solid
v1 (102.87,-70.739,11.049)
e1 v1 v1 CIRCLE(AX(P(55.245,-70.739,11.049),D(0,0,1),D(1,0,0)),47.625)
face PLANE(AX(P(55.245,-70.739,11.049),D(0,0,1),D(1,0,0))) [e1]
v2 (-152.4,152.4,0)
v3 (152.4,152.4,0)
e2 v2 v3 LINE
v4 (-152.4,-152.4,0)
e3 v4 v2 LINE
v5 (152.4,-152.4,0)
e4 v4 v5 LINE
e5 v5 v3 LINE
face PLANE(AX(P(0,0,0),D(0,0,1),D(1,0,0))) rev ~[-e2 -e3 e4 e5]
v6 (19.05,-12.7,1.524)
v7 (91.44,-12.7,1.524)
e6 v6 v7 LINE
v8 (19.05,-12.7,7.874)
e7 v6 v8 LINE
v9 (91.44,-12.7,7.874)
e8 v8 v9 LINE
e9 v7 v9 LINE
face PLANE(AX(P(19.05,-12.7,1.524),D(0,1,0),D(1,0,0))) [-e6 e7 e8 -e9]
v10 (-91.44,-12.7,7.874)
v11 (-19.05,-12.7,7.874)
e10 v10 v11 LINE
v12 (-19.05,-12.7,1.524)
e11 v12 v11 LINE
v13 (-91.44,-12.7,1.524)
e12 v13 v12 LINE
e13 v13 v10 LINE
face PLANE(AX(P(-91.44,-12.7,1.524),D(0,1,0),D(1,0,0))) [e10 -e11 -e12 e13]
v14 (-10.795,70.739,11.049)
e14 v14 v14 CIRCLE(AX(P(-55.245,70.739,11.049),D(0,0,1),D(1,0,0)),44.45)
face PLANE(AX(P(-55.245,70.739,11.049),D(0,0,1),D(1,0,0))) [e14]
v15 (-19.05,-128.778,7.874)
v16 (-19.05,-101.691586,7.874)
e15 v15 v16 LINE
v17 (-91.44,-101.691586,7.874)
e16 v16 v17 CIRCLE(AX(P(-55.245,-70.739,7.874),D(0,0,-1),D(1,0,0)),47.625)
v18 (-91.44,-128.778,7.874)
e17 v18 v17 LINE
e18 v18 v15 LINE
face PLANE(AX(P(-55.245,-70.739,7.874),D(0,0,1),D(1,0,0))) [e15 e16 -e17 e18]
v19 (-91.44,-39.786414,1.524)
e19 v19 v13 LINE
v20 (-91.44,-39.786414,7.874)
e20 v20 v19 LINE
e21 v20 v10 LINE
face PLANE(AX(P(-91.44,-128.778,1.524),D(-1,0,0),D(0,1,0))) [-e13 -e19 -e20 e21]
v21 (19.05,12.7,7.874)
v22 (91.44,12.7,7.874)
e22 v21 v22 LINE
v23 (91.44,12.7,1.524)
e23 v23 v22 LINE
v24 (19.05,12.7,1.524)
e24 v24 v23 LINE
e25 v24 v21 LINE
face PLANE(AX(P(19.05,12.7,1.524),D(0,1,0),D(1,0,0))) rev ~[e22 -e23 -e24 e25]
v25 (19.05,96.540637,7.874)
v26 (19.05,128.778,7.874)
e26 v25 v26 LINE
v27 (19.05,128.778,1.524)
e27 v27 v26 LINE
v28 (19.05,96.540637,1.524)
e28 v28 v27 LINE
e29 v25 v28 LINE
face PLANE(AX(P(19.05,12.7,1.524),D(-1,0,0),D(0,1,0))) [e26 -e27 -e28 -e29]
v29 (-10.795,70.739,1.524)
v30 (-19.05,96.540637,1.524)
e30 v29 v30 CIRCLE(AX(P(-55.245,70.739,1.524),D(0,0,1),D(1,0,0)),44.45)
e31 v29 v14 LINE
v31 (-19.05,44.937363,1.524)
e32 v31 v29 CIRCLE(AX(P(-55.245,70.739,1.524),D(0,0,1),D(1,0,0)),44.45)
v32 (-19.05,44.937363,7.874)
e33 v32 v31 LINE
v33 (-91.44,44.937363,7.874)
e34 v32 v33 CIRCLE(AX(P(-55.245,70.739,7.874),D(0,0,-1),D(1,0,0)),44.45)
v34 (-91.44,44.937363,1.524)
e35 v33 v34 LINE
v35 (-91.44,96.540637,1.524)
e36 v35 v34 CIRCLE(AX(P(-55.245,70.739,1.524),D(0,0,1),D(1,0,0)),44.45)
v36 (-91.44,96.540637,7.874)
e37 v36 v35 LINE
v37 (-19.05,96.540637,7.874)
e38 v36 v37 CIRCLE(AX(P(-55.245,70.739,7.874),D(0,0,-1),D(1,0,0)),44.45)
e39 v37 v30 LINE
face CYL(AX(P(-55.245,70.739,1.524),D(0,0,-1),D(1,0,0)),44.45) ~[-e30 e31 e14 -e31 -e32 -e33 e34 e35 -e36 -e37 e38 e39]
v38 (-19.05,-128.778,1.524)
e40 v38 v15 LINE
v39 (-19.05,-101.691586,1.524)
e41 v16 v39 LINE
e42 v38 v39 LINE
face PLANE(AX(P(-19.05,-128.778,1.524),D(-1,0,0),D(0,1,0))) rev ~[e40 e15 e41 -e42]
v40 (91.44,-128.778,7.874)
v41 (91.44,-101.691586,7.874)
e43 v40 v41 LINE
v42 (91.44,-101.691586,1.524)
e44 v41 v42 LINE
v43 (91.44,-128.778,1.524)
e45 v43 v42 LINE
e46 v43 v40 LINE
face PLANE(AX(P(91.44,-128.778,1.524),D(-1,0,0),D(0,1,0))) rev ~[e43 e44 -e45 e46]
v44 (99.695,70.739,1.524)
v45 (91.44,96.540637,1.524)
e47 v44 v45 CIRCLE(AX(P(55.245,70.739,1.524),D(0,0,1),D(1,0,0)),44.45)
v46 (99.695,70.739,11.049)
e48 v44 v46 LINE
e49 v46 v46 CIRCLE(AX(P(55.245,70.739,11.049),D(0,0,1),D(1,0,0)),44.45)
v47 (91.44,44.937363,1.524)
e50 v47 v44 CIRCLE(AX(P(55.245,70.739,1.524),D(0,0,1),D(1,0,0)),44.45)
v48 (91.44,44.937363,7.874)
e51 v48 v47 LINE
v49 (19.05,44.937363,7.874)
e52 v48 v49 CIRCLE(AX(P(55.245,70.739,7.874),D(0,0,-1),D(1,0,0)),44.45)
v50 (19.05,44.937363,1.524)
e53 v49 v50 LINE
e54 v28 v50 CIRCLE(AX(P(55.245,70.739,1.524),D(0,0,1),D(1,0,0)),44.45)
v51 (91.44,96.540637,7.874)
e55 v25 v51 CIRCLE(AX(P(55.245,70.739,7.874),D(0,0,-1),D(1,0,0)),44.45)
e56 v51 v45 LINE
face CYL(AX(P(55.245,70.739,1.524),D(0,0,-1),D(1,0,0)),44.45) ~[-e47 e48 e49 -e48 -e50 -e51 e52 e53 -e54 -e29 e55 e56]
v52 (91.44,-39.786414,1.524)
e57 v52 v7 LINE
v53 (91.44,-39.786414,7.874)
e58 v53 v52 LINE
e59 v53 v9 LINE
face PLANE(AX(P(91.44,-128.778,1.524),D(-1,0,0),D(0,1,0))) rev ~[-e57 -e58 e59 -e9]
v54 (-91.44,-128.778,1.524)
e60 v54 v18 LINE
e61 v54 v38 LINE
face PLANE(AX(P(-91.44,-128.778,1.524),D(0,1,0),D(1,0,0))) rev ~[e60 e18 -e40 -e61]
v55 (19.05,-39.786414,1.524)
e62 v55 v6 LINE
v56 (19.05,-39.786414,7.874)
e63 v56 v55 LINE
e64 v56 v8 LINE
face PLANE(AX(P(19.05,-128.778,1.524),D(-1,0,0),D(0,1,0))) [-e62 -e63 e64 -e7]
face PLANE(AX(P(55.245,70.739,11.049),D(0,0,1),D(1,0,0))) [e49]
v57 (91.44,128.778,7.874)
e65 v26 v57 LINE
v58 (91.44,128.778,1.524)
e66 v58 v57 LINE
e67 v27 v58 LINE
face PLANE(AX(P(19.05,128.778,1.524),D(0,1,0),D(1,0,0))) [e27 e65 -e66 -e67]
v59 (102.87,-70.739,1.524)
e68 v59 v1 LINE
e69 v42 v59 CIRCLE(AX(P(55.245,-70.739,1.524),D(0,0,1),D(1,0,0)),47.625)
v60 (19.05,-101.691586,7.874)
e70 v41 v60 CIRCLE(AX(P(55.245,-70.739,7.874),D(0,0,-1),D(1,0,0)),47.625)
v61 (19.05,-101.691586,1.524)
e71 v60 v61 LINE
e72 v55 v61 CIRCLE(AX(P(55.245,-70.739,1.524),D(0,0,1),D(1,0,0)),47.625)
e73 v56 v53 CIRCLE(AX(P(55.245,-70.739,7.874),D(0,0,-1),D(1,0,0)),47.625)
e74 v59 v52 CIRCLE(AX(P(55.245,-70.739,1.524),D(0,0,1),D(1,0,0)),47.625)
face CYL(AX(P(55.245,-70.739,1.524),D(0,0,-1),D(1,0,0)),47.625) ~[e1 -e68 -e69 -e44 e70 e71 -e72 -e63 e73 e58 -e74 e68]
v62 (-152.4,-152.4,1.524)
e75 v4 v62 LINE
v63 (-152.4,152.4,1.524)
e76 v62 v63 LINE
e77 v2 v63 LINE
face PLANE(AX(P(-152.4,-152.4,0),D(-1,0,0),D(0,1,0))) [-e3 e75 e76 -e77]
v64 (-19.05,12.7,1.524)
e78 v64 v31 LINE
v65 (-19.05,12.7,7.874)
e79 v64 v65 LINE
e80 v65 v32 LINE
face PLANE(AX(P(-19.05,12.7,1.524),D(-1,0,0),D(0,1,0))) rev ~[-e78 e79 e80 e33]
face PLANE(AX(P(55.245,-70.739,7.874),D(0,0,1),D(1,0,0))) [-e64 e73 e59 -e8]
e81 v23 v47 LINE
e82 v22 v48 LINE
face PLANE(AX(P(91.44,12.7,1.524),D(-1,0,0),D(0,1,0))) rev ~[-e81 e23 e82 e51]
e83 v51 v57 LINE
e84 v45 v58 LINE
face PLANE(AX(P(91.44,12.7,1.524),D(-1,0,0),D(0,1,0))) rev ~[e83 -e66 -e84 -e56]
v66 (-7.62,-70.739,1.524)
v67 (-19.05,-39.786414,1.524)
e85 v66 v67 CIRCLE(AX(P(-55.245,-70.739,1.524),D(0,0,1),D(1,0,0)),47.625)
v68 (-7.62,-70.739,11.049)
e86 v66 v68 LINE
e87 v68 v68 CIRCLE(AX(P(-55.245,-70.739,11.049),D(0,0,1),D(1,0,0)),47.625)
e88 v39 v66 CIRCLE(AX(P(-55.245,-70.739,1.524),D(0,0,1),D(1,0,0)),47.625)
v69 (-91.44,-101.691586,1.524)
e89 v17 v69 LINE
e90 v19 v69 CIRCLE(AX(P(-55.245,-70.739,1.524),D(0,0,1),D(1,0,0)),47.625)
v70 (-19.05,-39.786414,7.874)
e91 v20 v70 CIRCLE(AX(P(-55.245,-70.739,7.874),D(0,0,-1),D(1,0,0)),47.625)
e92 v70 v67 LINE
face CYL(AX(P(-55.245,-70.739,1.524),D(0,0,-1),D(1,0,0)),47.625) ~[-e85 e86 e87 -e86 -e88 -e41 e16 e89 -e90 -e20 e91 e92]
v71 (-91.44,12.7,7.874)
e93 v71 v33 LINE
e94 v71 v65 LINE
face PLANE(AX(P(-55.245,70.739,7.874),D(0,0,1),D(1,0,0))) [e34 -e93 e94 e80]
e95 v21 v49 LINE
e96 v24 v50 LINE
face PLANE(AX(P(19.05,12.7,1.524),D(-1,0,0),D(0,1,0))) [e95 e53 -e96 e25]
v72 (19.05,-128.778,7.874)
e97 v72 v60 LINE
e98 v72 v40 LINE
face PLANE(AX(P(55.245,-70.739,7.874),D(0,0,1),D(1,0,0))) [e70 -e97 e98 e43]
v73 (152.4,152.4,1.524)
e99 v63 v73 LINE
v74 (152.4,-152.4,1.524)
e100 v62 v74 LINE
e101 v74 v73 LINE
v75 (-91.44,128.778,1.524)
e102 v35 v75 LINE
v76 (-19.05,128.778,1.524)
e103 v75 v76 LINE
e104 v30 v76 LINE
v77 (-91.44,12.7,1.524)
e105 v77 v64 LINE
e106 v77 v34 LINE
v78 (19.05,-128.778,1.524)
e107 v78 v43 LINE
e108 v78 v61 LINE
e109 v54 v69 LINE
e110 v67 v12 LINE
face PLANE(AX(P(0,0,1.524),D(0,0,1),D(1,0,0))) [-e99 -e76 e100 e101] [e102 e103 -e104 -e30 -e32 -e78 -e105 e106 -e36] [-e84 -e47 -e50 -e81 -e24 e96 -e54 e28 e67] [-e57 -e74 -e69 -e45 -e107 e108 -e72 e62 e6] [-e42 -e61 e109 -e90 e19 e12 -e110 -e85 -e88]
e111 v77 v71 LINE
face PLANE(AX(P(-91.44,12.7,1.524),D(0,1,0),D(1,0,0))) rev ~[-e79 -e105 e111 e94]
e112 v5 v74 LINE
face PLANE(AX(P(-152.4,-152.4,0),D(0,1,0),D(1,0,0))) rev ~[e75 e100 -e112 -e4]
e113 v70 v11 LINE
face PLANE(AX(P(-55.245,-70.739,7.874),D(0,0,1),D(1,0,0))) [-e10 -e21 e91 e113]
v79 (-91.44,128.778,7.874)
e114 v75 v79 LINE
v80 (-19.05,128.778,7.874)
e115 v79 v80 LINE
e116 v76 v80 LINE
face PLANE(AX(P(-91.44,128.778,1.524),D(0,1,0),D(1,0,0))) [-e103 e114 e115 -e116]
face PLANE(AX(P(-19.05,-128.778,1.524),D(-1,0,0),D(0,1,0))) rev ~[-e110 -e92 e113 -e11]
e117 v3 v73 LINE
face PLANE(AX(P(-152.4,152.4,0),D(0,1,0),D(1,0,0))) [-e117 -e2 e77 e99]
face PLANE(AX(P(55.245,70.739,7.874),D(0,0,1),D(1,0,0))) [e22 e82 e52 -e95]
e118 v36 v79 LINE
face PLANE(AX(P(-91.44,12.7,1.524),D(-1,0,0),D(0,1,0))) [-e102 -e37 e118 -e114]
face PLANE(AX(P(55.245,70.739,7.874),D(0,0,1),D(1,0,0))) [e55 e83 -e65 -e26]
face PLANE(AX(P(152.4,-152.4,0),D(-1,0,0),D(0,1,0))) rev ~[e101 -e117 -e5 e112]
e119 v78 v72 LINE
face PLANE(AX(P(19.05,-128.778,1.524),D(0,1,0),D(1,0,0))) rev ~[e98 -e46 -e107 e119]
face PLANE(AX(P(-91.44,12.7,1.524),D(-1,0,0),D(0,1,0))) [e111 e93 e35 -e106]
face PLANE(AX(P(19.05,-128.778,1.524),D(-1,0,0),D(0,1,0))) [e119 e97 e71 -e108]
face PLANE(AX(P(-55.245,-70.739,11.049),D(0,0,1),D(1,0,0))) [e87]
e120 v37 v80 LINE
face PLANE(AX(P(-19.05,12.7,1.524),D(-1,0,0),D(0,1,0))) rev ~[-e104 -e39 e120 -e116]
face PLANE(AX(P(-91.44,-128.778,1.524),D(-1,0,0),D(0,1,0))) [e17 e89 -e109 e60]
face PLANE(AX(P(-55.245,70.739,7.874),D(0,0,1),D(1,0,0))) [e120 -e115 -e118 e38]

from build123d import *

# Parameters (mm, degrees)
F0_W     = 304.8
F0_H     = 304.8
F1_DEPTH = 1.524
F2_W     = 72.39
F2_H     = 116.078
F3_DEPTH = 6.35
F4_R     = 44.45
F4_R_2   = 47.625
F5_DEPTH = 9.525


with BuildPart() as f1:
    # F0 (on Top) → F1 (new body)
    with BuildSketch(Plane.XY):
        Rectangle(F0_W, F0_H)
    extrude(amount=F1_DEPTH)

    # F2 (on face) → F3 (join)
    with BuildSketch(Plane.XY.offset(1.524)):
        with Locations((-55.245, 70.739)):
            Rectangle(F2_W, F2_H)
        with Locations((55.245, 70.739)):
            Rectangle(F2_W, F2_H)
        with Locations((-55.245, -70.739)):
            Rectangle(F2_W, F2_H)
        with Locations((55.245, -70.739)):
            Rectangle(F2_W, F2_H)
    extrude(amount=F3_DEPTH)

    # F4 (on face) → F5 (join)
    with BuildSketch(Plane.XY.offset(1.524)):
        with Locations((-55.245, 70.739)):
            Circle(F4_R)
        with Locations((55.245, 70.739)):
            Circle(F4_R)
        with Locations((-55.245, -70.739)):
            Circle(F4_R_2)
        with Locations((55.245, -70.739)):
            Circle(F4_R_2)
    extrude(amount=F5_DEPTH)


solid = f1.part
